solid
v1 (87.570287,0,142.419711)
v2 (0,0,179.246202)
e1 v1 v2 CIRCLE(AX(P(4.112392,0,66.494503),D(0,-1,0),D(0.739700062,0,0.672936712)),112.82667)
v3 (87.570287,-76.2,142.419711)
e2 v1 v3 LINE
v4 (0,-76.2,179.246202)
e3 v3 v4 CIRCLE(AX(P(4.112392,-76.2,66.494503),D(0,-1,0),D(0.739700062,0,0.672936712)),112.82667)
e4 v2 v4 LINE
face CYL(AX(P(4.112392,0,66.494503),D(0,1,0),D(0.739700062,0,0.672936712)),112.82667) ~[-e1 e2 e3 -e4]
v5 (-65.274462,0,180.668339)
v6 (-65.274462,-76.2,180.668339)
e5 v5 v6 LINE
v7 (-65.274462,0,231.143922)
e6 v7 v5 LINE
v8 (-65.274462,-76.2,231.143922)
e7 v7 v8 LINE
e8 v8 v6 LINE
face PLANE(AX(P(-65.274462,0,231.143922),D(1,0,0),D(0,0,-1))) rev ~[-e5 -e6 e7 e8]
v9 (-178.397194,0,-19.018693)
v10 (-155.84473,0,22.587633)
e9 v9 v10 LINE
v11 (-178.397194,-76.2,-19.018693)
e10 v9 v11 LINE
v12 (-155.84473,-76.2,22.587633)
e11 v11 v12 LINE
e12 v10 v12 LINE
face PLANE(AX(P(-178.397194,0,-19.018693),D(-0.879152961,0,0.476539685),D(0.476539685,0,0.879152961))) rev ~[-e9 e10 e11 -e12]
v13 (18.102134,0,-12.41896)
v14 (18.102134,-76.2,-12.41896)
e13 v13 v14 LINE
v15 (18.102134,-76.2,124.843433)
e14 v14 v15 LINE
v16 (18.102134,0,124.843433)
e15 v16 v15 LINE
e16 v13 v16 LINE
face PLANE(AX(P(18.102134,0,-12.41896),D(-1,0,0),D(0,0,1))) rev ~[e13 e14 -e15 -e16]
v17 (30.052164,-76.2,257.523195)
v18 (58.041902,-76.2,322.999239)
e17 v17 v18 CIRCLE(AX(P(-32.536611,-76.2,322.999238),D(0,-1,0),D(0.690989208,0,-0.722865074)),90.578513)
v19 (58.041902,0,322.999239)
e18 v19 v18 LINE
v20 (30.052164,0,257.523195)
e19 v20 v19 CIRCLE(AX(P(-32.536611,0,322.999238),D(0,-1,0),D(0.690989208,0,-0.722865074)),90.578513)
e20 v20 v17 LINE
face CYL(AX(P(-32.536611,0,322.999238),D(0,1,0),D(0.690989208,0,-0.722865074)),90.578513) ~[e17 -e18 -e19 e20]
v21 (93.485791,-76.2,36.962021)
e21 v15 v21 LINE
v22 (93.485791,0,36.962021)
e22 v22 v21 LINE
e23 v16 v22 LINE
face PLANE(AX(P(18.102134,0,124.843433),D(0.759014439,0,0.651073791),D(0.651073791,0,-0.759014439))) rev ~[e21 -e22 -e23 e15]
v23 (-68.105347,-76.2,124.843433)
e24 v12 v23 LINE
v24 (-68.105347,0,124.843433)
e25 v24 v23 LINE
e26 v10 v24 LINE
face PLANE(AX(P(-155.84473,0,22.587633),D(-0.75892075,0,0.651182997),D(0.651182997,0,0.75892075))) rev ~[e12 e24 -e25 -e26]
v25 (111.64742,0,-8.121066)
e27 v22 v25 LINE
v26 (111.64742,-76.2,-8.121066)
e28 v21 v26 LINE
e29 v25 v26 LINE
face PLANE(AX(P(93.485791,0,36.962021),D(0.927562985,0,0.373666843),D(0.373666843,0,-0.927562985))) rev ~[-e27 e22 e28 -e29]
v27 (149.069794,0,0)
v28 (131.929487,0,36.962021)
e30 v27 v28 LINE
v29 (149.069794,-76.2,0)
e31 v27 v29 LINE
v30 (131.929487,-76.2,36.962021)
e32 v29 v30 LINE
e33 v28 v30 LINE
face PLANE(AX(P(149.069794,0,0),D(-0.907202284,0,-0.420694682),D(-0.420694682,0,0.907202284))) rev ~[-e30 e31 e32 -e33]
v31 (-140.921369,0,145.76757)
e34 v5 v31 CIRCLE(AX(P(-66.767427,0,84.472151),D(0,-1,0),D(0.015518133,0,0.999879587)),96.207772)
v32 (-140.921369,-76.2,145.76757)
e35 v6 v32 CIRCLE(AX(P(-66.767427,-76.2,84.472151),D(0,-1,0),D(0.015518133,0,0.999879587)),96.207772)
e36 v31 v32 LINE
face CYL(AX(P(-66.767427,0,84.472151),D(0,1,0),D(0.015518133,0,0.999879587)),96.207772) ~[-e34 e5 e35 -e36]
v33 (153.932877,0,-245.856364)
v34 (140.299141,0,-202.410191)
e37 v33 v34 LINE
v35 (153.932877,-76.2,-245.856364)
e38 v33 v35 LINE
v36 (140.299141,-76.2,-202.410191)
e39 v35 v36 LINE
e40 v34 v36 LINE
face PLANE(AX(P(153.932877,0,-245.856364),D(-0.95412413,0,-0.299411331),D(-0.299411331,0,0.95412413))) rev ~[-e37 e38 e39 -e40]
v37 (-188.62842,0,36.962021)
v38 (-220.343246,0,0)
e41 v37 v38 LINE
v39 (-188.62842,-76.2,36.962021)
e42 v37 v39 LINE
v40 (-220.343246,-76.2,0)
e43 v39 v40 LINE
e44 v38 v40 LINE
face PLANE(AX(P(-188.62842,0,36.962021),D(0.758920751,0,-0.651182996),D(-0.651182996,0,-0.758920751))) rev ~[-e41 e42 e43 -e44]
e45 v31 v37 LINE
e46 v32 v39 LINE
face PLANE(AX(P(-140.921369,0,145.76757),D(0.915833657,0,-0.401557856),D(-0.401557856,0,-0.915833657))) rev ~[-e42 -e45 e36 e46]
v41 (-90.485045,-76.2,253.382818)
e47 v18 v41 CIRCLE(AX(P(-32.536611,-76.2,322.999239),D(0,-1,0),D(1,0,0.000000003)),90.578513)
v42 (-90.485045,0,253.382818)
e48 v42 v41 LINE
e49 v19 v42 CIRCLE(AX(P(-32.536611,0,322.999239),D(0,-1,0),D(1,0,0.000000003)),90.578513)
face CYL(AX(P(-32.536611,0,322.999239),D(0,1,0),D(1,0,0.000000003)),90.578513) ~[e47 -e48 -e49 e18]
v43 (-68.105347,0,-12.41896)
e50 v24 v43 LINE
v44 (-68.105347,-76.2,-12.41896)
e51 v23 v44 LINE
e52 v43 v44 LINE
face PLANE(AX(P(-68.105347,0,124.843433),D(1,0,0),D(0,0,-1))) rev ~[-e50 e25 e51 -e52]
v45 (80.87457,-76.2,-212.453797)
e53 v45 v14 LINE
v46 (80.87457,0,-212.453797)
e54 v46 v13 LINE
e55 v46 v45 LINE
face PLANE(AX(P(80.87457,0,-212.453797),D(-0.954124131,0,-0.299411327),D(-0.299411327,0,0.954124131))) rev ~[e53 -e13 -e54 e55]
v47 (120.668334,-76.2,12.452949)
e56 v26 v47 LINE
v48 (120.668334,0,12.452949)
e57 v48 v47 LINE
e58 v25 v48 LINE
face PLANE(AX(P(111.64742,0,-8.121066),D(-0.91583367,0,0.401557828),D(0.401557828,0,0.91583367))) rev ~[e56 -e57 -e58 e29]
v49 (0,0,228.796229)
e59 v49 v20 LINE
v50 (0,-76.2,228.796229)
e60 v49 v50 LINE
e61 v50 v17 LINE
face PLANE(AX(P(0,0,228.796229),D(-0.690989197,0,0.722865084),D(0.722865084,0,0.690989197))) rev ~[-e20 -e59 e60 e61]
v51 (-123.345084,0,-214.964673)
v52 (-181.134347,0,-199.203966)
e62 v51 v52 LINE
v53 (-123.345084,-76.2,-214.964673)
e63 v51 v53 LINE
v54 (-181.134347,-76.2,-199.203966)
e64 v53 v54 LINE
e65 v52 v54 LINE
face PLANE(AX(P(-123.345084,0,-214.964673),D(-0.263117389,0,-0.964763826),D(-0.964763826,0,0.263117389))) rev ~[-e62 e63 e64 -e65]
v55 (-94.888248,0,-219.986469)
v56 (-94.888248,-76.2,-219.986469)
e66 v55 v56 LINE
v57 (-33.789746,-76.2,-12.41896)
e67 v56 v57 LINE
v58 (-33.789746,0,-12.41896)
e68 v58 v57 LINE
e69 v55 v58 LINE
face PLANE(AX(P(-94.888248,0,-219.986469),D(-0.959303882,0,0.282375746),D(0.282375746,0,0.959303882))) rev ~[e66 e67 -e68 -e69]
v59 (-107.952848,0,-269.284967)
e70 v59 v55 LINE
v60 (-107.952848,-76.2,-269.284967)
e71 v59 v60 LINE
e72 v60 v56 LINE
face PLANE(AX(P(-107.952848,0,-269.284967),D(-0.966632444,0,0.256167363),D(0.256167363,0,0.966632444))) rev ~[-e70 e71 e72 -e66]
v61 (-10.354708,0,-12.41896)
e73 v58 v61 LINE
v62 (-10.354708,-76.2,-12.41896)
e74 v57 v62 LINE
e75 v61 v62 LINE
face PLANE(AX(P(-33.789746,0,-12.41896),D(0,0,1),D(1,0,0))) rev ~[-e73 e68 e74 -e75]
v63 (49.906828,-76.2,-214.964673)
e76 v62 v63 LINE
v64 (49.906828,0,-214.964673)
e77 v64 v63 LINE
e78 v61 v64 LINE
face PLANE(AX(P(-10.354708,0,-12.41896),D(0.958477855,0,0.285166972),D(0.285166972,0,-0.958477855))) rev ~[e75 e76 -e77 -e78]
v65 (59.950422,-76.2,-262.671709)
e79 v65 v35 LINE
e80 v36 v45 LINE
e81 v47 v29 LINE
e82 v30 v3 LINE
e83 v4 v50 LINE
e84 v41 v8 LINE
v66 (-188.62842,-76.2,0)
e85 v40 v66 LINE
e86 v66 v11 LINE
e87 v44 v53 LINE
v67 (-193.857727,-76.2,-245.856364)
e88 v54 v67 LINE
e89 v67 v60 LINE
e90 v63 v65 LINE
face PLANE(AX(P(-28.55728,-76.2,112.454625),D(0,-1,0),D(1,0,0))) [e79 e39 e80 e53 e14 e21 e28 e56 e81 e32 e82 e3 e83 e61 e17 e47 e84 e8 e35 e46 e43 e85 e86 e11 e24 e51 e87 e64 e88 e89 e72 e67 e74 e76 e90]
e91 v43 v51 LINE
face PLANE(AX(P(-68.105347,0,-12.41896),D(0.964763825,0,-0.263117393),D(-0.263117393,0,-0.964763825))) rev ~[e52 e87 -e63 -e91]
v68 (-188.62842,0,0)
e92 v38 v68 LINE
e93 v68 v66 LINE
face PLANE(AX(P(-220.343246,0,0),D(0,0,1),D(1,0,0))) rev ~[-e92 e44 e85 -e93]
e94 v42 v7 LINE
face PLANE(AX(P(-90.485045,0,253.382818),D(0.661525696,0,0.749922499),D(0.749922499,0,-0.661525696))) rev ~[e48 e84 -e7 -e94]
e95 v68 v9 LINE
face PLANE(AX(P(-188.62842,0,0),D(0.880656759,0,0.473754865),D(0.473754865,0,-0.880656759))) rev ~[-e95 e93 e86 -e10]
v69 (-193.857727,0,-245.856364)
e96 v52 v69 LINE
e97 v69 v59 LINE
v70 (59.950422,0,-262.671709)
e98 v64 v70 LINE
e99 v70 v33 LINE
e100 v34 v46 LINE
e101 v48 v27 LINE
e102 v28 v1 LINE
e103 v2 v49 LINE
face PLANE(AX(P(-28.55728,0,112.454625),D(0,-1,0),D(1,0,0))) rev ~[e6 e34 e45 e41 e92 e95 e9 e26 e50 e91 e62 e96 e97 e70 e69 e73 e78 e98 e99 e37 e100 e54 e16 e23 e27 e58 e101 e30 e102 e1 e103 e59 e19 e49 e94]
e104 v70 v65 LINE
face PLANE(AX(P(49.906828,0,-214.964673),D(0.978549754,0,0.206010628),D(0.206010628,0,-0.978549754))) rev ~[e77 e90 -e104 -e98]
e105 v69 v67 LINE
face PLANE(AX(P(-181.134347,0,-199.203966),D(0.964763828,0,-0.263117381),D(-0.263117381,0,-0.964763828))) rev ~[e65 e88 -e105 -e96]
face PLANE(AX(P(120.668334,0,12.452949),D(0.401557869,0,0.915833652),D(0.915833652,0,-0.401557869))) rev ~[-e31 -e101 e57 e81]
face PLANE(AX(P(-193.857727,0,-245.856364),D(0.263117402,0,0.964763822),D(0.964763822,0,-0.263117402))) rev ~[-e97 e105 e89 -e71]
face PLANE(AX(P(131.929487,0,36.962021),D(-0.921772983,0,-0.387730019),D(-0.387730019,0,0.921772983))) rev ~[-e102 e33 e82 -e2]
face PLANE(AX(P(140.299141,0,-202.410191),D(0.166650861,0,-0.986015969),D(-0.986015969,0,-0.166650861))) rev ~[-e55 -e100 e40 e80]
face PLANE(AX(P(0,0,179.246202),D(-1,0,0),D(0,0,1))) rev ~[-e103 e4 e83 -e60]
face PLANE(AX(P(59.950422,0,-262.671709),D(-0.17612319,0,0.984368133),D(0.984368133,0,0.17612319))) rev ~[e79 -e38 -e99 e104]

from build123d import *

# Parameters (mm, degrees)
F1_DEPTH = 76.2


with BuildPart() as f1:
    # F0 (on Front) → F1 (new body)
    with BuildSketch(Plane.XZ):
        with BuildLine():
            Line((-90.485045, 253.382818), (-65.274462, 231.143922))
            Line((-65.274462, 231.143922), (-65.274462, 180.668339))
            ThreePointArc((-65.274462, 180.668339), (-107.071525, 171.830695), (-140.921369, 145.76757))
            Line((-140.921369, 145.76757), (-188.62842, 36.962021))
            Line((-188.62842, 36.962021), (-155.84473, 22.587633))
            Line((-155.84473, 22.587633), (-68.105347, 124.843433))
            Line((-68.105347, 124.843433), (-68.105347, -12.41896))
            Line((-68.105347, -12.41896), (-33.789746, -12.41896))
            Line((-33.789746, -12.41896), (-10.354708, -12.41896))
            Line((-10.354708, -12.41896), (18.102134, -12.41896))
            Line((18.102134, -12.41896), (18.102134, 124.843433))
            Line((18.102134, 124.843433), (93.485791, 36.962021))
            Line((93.485791, 36.962021), (131.929487, 36.962021))
            Line((131.929487, 36.962021), (87.570287, 142.419711))
            ThreePointArc((87.570287, 142.419711), (47.84996, 170.498746), (0, 179.246202))
            Line((0, 179.246202), (0, 228.796229))
            Line((0, 228.796229), (30.052164, 257.523195))
            ThreePointArc((30.052164, 257.523195), (-29.42713, 232.474115), (-90.485045, 253.382818))
        make_face()
        with BuildLine():
            ThreePointArc((58.041902, 322.999239), (-70.978672, 405.015548), (-90.485045, 253.382818))
            ThreePointArc((-90.485045, 253.382818), (-29.42713, 232.474115), (30.052164, 257.523195))
            ThreePointArc((30.052164, 257.523195), (50.751039, 287.395385), (58.041902, 322.999239))
        make_face()
        Polygon((-155.84473, 22.587633), (-188.62842, 36.962021), (-220.343246, 0), (-188.62842, 0), (-178.397194, -19.018693), align=None)
        Polygon((-33.789746, -12.41896), (-68.105347, -12.41896), (-123.345084, -214.964673), (-181.134347, -199.203966), (-193.857727, -245.856364), (-107.952848, -269.284967), (-94.888248, -219.986469), align=None)
        Polygon((149.069794, 0), (131.929487, 36.962021), (93.485791, 36.962021), (111.64742, -8.121066), (120.668334, 12.452949), align=None)
        Polygon((18.102134, -12.41896), (-10.354708, -12.41896), (49.906828, -214.964673), (59.950422, -262.671709), (153.932877, -245.856364), (140.299141, -202.410191), (80.87457, -212.453797), align=None)
    extrude(amount=F1_DEPTH)


solid = f1.part
